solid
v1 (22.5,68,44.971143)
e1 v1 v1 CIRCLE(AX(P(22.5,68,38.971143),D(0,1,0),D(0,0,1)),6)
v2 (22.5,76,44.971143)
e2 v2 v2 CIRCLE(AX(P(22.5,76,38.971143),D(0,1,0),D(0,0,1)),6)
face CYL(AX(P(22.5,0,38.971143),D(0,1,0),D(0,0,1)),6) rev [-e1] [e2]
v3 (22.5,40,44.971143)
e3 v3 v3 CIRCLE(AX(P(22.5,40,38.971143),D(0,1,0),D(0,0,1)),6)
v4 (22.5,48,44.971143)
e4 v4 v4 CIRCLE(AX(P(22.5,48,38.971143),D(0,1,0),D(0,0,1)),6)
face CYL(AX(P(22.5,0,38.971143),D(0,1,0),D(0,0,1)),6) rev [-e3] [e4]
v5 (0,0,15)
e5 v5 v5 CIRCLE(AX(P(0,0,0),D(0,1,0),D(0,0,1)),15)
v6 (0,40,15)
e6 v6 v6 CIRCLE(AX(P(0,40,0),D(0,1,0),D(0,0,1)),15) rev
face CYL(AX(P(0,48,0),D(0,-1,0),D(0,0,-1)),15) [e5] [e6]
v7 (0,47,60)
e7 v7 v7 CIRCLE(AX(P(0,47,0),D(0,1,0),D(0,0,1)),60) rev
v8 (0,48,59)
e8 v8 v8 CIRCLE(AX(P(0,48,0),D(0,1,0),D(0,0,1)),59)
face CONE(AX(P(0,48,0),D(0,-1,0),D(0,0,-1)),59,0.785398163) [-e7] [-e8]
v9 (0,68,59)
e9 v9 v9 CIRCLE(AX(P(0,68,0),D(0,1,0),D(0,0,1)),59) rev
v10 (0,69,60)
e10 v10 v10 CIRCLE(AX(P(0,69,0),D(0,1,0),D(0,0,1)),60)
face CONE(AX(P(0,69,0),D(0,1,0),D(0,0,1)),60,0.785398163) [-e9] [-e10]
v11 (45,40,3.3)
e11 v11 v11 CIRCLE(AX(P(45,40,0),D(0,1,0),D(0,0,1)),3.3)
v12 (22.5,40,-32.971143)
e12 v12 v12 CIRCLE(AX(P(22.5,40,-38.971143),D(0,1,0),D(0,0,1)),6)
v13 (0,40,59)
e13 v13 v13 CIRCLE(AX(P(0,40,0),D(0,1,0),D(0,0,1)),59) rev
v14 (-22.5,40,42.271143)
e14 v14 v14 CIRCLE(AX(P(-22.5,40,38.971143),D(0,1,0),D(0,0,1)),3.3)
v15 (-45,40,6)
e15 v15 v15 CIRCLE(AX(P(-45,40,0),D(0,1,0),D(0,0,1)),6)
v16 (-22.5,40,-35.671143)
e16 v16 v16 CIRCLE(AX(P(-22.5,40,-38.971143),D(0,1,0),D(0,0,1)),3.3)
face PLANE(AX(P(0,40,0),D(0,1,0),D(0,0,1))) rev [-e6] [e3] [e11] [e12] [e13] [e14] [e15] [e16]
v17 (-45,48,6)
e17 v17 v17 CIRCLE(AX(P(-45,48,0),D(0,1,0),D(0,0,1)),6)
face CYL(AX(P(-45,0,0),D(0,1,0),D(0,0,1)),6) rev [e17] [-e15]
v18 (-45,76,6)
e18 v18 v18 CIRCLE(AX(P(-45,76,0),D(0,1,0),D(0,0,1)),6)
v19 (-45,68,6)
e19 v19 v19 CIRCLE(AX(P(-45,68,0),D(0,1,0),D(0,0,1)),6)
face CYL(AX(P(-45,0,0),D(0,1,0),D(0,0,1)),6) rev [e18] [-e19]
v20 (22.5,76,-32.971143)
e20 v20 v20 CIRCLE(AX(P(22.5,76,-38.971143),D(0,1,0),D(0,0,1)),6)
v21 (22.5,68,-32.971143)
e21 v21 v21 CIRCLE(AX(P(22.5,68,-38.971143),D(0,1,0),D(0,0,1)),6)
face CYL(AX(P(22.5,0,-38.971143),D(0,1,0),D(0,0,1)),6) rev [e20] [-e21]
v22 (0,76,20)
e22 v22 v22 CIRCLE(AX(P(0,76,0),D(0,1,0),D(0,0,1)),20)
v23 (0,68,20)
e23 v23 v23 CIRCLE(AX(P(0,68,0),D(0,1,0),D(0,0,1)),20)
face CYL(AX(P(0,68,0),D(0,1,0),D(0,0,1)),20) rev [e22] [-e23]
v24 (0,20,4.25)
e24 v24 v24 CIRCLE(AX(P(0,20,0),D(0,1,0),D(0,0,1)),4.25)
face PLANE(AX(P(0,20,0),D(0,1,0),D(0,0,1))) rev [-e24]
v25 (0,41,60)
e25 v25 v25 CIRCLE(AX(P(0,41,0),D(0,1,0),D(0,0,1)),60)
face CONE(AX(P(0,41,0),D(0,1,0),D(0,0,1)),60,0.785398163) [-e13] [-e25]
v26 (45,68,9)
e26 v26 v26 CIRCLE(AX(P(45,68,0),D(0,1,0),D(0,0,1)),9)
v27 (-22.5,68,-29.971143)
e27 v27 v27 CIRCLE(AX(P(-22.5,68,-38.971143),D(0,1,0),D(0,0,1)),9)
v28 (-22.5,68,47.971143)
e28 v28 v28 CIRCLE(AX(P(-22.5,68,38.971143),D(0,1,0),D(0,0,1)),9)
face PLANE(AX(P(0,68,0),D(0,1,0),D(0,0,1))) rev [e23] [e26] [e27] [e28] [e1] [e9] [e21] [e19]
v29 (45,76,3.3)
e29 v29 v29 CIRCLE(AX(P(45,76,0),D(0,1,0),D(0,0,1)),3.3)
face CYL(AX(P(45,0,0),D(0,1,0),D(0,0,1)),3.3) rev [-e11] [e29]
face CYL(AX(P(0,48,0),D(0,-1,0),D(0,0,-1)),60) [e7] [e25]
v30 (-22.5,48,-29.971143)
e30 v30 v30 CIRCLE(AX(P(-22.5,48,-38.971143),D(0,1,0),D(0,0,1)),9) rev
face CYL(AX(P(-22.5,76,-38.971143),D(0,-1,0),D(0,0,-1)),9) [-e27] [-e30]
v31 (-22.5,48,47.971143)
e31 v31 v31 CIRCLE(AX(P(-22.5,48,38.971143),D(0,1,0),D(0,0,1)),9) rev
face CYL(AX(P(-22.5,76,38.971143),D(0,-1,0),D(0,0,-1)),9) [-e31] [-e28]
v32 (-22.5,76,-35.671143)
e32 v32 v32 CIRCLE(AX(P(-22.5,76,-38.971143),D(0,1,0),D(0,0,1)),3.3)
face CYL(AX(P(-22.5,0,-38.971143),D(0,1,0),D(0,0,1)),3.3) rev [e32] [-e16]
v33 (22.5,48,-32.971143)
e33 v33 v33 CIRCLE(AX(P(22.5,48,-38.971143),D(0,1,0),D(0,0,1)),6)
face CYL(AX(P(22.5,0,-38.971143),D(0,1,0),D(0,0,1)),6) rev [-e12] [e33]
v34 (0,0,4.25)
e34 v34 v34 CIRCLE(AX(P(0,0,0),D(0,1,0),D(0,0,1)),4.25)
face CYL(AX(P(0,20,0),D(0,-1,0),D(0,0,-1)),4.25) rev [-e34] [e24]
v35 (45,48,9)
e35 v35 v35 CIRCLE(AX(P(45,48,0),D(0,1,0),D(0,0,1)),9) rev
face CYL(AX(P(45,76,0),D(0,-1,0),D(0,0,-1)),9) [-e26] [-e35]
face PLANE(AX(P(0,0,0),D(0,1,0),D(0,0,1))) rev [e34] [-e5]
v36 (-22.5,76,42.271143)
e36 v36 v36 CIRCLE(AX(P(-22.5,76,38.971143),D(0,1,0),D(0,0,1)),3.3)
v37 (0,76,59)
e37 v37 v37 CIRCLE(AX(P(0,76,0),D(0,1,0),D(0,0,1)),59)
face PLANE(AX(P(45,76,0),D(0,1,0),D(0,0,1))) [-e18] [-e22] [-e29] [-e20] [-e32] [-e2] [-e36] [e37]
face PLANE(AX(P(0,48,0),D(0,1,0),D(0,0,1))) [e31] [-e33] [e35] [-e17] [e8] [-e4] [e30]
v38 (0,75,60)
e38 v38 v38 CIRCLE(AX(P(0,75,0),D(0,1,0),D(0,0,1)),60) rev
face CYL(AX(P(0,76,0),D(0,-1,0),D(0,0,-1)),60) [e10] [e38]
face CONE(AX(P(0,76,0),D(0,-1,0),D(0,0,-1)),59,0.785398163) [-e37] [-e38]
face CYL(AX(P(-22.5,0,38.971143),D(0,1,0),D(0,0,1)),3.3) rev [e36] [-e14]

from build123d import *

# Parameters (mm, degrees)
SKETCH_1_R          = 60
EXTRUDE_1_DEPTH     = 8
SKETCH_3_R          = 9
EXTRUDE_3_DEPTH     = 36
SKETCH_4_R          = 60
EXTRUDE_4_DEPTH     = 8
SKETCH_5_R          = 15
EXTRUDE_5_DEPTH     = 48
SKETCH_6_R          = 3.3
CUT_EXTRUDE_1_DEPTH = 114.912246927
SKETCH_7_R          = 6
CUT_EXTRUDE_2_DEPTH = 114.912246927
SKETCH_8_R          = 20
CUT_EXTRUDE_3_DEPTH = 8
SKETCH_9_R          = 4.25
CUT_EXTRUDE_4_DEPTH = 20
CHAMFER_1_SIZE      = 1


with BuildPart() as part:
    # 草图1 → 凸台-拉伸1 (new body)
    with BuildSketch(Plane(origin=(0, 40, 0), x_dir=(1, 0, 0), z_dir=(0, 1, 0))):
        with Locations(Location((0, 0, 0), (0, 0, 270))):
            Circle(SKETCH_1_R)
    extrude(amount=EXTRUDE_1_DEPTH)

    # 草图3 → 凸台-拉伸3 (add)
    with BuildSketch(Plane(origin=(0, 40, 0), x_dir=(1, 0, 0), z_dir=(0, 1, 0))):
        with Locations(Location((45, 0, 0), (0, 0, 270))):
            Circle(SKETCH_3_R)
        with Locations(Location((-22.5, -38.971143, 0), (0, 0, 270))):
            Circle(SKETCH_3_R)
        with Locations(Location((-22.5, 38.971143, 0), (0, 0, 270))):
            Circle(SKETCH_3_R)
    extrude(amount=EXTRUDE_3_DEPTH)

    # 草图4 → 凸台-拉伸4 (add)
    with BuildSketch(Plane(origin=(0, 68, 0), x_dir=(1, 0, 0), z_dir=(0, 1, 0))):
        with Locations(Location((0, 0, 0), (0, 0, 270))):
            Circle(SKETCH_4_R)
    extrude(amount=EXTRUDE_4_DEPTH)

    # 草图5 → 凸台-拉伸5 (add)
    with BuildSketch(Plane(origin=(0, 0, 0), x_dir=(1, 0, 0), z_dir=(0, 1, 0))):
        with Locations(Location((0, 0, 0), (0, 0, 270))):
            Circle(SKETCH_5_R)
    extrude(amount=EXTRUDE_5_DEPTH)

    # 草图6 → 切除-拉伸1 (cut, through all)
    with BuildSketch(Plane(origin=(0, 76, 0), x_dir=(1, 0, 0), z_dir=(0, 1, 0))):
        with Locations(Location((45, 0, 0), (0, 0, 270))):
            Circle(SKETCH_6_R)
        with Locations(Location((-22.5, -38.971143, 0), (0, 0, 270))):
            Circle(SKETCH_6_R)
        with Locations(Location((-22.5, 38.971143, 0), (0, 0, 270))):
            Circle(SKETCH_6_R)
    extrude(amount=-CUT_EXTRUDE_1_DEPTH, mode=Mode.SUBTRACT)

    # 草图7 → 切除-拉伸2 (cut, through all)
    with BuildSketch(Plane(origin=(0, 76, 0), x_dir=(1, 0, 0), z_dir=(0, 1, 0))):
        with Locations(Location((22.5, -38.971143, 0), (0, 0, 270))):
            Circle(SKETCH_7_R)
        with Locations(Location((-45, 0, 0), (0, 0, 270))):
            Circle(SKETCH_7_R)
        with Locations(Location((22.5, 38.971143, 0), (0, 0, 270))):
            Circle(SKETCH_7_R)
    extrude(amount=-CUT_EXTRUDE_2_DEPTH, mode=Mode.SUBTRACT)

    # 草图8 → 切除-拉伸3 (cut)
    with BuildSketch(Plane(origin=(0, 76, 0), x_dir=(1, 0, 0), z_dir=(0, 1, 0))):
        with Locations(Location((0, 0, 0), (0, 0, 270))):
            Circle(SKETCH_8_R)
    extrude(amount=-CUT_EXTRUDE_3_DEPTH, mode=Mode.SUBTRACT)

    # 草图9 → 切除-拉伸4 (cut)
    with BuildSketch(Plane(origin=(0, 0, 0), x_dir=(1, 0, 0), z_dir=(0, 1, 0))):
        with Locations(Location((0, 0, 0), (0, 0, 270))):
            Circle(SKETCH_9_R)
    extrude(amount=CUT_EXTRUDE_4_DEPTH, mode=Mode.SUBTRACT)

    # 倒角1
    chamfer_1_edges = [part.edges().sort_by_distance(p)[0] for p in [
        (0, 40, -60),
        (0, 68, -60),
        (0, 76, -60),
        (0, 48, -60),
    ]]
    chamfer(chamfer_1_edges, length=CHAMFER_1_SIZE)


solid = part.part
